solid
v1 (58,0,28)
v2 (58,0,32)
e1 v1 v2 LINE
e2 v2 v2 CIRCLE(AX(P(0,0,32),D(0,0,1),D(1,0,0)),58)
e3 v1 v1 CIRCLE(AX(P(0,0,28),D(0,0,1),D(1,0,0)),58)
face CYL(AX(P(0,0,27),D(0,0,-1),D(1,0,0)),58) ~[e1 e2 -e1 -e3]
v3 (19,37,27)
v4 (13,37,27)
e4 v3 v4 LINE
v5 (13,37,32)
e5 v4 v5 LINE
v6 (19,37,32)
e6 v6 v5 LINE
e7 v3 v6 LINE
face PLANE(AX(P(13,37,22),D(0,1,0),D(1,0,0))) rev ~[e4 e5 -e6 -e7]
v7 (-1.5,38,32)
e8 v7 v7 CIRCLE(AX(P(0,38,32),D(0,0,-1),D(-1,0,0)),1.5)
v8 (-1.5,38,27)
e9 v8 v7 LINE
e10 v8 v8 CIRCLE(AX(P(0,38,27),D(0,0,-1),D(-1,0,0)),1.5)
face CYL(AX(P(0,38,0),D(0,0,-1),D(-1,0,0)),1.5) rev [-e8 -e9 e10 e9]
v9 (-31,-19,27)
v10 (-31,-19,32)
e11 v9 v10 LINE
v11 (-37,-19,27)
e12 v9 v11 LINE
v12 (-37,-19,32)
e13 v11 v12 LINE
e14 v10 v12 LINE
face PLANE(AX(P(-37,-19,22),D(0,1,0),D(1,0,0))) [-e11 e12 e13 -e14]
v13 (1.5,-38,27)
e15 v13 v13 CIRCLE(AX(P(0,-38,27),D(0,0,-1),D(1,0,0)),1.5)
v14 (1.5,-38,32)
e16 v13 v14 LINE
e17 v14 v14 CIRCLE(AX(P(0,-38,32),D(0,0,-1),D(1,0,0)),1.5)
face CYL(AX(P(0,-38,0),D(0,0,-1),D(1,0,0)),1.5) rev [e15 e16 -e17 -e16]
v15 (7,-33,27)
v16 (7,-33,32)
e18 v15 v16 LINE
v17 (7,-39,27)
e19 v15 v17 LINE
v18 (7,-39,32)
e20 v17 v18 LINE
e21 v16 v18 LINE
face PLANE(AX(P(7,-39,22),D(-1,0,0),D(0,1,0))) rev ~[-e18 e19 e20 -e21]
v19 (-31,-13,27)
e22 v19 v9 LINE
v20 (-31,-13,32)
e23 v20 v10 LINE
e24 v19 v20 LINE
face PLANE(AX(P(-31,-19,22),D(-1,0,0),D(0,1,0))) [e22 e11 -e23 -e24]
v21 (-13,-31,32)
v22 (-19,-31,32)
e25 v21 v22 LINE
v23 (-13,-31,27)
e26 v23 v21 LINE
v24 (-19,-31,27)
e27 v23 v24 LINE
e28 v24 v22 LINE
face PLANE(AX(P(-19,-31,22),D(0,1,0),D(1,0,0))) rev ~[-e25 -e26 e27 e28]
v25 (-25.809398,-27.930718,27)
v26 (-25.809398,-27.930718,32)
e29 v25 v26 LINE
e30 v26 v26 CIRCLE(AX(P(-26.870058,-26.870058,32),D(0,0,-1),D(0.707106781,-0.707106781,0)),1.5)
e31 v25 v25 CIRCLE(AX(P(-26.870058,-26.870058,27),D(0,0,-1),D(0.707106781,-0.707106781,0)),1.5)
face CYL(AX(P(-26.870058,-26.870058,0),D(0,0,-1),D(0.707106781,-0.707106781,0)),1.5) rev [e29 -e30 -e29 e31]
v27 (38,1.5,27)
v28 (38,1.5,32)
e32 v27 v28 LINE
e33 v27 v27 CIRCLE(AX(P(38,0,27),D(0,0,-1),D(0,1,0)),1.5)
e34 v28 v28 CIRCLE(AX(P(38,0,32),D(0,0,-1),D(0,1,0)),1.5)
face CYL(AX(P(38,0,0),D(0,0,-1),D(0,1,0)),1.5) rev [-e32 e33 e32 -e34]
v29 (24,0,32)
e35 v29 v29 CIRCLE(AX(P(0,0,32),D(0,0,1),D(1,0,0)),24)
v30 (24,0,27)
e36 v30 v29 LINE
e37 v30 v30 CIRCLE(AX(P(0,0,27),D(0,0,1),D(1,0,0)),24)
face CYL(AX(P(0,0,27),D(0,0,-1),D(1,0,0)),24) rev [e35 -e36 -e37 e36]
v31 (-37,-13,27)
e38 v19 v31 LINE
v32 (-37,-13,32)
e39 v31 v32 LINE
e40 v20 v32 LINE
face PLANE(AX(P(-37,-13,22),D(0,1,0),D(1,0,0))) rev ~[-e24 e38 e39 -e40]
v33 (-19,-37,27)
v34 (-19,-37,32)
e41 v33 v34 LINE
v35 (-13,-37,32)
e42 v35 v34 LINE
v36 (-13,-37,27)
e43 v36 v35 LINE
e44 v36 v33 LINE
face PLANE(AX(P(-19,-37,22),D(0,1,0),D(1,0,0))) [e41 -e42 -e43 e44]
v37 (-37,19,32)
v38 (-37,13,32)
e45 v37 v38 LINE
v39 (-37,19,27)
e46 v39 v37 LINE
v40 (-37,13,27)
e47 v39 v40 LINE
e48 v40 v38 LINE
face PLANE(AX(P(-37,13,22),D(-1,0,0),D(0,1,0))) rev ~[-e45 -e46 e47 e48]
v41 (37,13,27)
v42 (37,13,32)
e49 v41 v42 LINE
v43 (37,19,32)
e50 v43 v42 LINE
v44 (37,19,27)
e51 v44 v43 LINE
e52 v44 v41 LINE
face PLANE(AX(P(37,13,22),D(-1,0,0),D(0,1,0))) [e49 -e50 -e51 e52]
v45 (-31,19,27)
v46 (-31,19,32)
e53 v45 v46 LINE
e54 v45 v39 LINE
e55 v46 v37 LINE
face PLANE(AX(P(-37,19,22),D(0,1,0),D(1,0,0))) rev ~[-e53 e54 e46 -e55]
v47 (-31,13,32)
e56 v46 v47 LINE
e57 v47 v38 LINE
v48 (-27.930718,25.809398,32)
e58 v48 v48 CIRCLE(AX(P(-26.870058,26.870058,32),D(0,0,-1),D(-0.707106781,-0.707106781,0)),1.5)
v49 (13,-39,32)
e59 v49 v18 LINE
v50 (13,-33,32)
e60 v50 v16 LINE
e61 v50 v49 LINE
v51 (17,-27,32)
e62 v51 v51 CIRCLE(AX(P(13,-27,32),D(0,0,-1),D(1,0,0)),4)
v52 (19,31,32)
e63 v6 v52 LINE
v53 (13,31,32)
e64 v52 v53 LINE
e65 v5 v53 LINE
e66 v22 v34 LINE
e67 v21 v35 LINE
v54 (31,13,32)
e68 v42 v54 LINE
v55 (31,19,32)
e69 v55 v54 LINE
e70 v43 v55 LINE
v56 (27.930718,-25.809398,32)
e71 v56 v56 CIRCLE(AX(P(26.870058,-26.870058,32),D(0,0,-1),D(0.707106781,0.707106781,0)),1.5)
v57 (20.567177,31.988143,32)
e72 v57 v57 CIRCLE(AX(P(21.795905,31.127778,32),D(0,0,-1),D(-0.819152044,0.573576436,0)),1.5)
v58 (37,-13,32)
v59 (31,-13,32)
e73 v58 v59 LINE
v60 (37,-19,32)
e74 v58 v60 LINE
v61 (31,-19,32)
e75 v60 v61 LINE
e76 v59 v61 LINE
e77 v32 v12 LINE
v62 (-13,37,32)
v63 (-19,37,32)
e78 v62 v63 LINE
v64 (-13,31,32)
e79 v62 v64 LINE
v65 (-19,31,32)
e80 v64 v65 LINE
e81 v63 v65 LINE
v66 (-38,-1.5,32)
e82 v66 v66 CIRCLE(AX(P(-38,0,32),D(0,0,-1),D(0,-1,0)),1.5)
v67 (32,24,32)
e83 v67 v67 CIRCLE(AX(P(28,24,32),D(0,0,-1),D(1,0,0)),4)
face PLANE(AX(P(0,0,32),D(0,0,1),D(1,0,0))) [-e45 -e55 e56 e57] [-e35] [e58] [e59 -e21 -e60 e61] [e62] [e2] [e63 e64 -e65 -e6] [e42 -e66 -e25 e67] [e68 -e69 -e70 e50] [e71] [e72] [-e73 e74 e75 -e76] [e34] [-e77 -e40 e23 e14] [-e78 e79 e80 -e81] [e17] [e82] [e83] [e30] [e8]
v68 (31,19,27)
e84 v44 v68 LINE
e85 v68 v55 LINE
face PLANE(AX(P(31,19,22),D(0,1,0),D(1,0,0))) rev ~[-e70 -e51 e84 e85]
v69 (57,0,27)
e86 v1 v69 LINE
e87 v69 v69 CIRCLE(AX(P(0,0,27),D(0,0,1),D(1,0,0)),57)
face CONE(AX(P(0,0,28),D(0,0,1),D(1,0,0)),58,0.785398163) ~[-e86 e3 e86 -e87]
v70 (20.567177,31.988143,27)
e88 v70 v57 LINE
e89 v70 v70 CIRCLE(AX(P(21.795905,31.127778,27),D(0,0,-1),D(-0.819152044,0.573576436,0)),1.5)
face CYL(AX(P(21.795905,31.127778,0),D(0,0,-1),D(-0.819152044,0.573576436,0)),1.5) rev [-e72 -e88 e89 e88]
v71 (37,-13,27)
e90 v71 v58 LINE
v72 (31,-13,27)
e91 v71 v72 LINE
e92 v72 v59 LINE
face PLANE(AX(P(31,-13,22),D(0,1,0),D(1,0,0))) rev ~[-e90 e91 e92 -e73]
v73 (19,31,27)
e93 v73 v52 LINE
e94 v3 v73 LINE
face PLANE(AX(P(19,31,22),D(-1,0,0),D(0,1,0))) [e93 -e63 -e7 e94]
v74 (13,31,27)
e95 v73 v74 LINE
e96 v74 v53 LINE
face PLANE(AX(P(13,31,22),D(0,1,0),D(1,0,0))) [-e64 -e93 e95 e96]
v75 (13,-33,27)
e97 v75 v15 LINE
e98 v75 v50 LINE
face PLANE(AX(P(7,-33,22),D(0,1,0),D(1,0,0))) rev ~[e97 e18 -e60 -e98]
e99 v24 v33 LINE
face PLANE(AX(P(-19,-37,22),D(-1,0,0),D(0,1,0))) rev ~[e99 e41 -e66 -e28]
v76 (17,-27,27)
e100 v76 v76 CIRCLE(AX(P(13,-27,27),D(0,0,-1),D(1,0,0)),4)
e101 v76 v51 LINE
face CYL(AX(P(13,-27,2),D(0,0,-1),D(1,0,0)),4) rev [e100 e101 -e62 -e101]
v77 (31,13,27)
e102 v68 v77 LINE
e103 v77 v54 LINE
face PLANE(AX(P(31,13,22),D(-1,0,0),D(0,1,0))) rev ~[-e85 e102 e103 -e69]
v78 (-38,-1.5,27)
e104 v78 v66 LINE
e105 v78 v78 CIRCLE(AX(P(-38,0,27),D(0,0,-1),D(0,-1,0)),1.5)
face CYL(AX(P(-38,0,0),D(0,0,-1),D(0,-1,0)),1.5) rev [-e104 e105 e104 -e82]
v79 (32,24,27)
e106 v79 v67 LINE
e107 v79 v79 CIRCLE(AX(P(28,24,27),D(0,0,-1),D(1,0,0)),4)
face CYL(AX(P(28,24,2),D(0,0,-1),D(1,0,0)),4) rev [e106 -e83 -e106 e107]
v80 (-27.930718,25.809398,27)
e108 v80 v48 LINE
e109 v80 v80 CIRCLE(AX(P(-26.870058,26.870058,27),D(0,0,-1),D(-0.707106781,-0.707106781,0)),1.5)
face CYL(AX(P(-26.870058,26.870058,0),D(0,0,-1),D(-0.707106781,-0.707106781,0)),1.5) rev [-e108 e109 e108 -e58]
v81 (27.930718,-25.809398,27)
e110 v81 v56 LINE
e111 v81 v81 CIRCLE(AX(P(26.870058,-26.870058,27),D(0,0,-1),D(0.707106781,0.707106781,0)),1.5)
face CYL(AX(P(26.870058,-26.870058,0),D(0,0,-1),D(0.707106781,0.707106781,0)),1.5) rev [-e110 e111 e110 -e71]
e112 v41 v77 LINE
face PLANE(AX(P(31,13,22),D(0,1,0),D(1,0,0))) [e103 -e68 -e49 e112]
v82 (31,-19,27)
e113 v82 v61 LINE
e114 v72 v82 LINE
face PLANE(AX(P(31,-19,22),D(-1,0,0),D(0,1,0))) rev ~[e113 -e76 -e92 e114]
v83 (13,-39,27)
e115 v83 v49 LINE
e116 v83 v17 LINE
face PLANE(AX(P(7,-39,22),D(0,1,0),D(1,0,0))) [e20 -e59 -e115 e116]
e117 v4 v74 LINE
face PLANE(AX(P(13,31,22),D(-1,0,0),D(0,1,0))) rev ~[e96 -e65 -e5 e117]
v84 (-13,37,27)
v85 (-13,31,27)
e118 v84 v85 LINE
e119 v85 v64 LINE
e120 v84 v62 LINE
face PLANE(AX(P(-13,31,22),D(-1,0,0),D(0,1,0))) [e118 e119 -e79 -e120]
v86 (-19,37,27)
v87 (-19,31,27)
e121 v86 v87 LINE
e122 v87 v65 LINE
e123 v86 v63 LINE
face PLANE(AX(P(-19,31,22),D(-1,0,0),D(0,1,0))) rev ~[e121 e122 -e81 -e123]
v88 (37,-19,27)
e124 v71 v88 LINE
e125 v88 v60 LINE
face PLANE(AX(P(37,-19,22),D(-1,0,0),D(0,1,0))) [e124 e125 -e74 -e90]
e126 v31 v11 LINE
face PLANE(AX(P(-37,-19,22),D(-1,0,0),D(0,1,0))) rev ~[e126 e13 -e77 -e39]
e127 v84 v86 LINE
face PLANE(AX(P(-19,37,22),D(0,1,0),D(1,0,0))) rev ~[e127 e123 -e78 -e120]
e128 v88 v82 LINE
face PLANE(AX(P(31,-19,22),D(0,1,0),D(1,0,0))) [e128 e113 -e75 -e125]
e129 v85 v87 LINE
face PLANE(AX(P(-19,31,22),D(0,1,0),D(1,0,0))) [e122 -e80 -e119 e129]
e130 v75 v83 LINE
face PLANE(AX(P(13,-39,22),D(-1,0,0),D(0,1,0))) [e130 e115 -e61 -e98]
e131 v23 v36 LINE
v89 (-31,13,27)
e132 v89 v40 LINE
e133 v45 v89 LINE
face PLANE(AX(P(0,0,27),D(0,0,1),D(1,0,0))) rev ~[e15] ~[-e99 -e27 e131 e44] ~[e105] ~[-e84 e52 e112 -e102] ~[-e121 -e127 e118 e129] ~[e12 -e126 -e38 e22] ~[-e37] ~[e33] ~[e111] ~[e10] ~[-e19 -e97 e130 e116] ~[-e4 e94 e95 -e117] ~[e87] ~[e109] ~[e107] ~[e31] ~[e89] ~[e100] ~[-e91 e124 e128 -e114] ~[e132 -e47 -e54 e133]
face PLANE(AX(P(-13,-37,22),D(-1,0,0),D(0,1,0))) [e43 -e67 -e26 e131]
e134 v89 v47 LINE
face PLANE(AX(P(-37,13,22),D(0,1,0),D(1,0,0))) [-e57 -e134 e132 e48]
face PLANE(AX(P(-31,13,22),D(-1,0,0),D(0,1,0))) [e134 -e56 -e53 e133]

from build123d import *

# Parameters (mm, degrees)
CYLINDER2136_R               = 1.5
CYLINDER2136_DEPTH           = 100
CYLINDER2139_R               = 1.5
CYLINDER2139_DEPTH           = 100
CYLINDER2139_PLACEMENT_ANGLE = 145
CYLINDER2137_R               = 1.5
CYLINDER2137_DEPTH           = 100
CYLINDER2140_R               = 1.5
CYLINDER2140_DEPTH           = 100
CYLINDER2140_PLACEMENT_ANGLE = 225
CYLINDER2141_R               = 1.5
CYLINDER2141_DEPTH           = 100
CYLINDER2142_R               = 1.5
CYLINDER2142_DEPTH           = 100
CYLINDER2142_PLACEMENT_ANGLE = 45
CYLINDER2135_R               = 1.5
CYLINDER2135_DEPTH           = 100
CYLINDER2138_R               = 1.5
CYLINDER2138_DEPTH           = 100
CYLINDER2138_PLACEMENT_ANGLE = 45
CYLINDER2113_R               = 4
CYLINDER2113_DEPTH           = 40
CYLINDER2115_R               = 4
CYLINDER2115_DEPTH           = 40
CYLINDER2118_R               = 4
CYLINDER2118_DEPTH           = 40
CYLINDER2117_R               = 4
CYLINDER2117_DEPTH           = 40
CYLINDER2112_R               = 4
CYLINDER2112_DEPTH           = 40
CYLINDER2111_R               = 4
CYLINDER2111_DEPTH           = 40
CYLINDER2116_R               = 4
CYLINDER2116_DEPTH           = 40
CYLINDER2114_R               = 4
CYLINDER2114_DEPTH           = 40
BOX1004_W                    = 6
BOX1004_H                    = 6
BOX1004_DEPTH                = 20
BOX1005_W                    = 6
BOX1005_H                    = 6
BOX1005_DEPTH                = 20
BOX1006_W                    = 6
BOX1006_H                    = 6
BOX1006_DEPTH                = 20
BOX1007_W                    = 6
BOX1007_H                    = 6
BOX1007_DEPTH                = 20
BOX1008_W                    = 6
BOX1008_H                    = 6
BOX1008_DEPTH                = 20
BOX1009_W                    = 6
BOX1009_H                    = 6
BOX1009_DEPTH                = 20
BOX1010_W                    = 6
BOX1010_H                    = 6
BOX1010_DEPTH                = 20
BOX_W                        = 6
BOX_H                        = 6
BOX_DEPTH                    = 20
TUBE088_R                    = 58
TUBE088_R_2                  = 24
TUBE088_DEPTH                = 5
CHAMFER083_SIZE              = 1


with BuildPart() as v_lec2136:
    # Cylinder2136 → Cylinder2136 (new body)
    with BuildSketch(Plane(origin=(38, 0, 0), x_dir=(0, 1, 0), z_dir=(0, 0, 1))):
        Circle(CYLINDER2136_R)
    extrude(amount=CYLINDER2136_DEPTH)


with BuildPart() as v_lec2139:
    # Cylinder2139 → Cylinder2139 (new body)
    with BuildSketch(Plane.XY):
        Circle(CYLINDER2139_R)
    extrude(amount=CYLINDER2139_DEPTH)


with BuildPart() as v_lec2139_1:
    # Cylinder2139 placement: moved
    add(v_lec2139.part.moved(Location((21.795905, 31.127778, 0))).rotate(Axis((21.795905, 31.127778, 0), (0, 0, 1)), CYLINDER2139_PLACEMENT_ANGLE))


with BuildPart() as v_lec2137:
    # Cylinder2137 → Cylinder2137 (new body)
    with BuildSketch(Plane(origin=(0, 38, 0), x_dir=(-1, 0, 0), z_dir=(0, 0, 1))):
        Circle(CYLINDER2137_R)
    extrude(amount=CYLINDER2137_DEPTH)


with BuildPart() as v_lec2140:
    # Cylinder2140 → Cylinder2140 (new body)
    with BuildSketch(Plane.XY):
        Circle(CYLINDER2140_R)
    extrude(amount=CYLINDER2140_DEPTH)


with BuildPart() as v_lec2140_1:
    # Cylinder2140 placement: moved
    add(v_lec2140.part.moved(Location((-26.870058, 26.870058, 0))).rotate(Axis((-26.870058, 26.870058, 0), (0, 0, 1)), CYLINDER2140_PLACEMENT_ANGLE))


with BuildPart() as v_lec2141:
    # Cylinder2141 → Cylinder2141 (new body)
    with BuildSketch(Plane(origin=(-38, 0, 0), x_dir=(0, -1, 0), z_dir=(0, 0, 1))):
        Circle(CYLINDER2141_R)
    extrude(amount=CYLINDER2141_DEPTH)


with BuildPart() as v_lec2142:
    # Cylinder2142 → Cylinder2142 (new body)
    with BuildSketch(Plane.XY):
        Circle(CYLINDER2142_R)
    extrude(amount=CYLINDER2142_DEPTH)


with BuildPart() as v_lec2142_1:
    # Cylinder2142 placement: moved
    add(v_lec2142.part.moved(Location((-26.870058, -26.870058, 0))).rotate(Axis((-26.870058, -26.870058, 0), (0, 0, -1)), CYLINDER2142_PLACEMENT_ANGLE))


with BuildPart() as v_lec2135:
    # Cylinder2135 → Cylinder2135 (new body)
    with BuildSketch(Plane(origin=(0, -38, 0), x_dir=(1, 0, 0), z_dir=(0, 0, 1))):
        Circle(CYLINDER2135_R)
    extrude(amount=CYLINDER2135_DEPTH)


with BuildPart() as compound1123:
    # Cylinder2138 → Cylinder2138 (new body)
    with BuildSketch(Plane.XY):
        Circle(CYLINDER2138_R)
    extrude(amount=CYLINDER2138_DEPTH)


with BuildPart() as compound1123_1:
    # Cylinder2138 placement: moved
    add(compound1123.part.moved(Location((26.870058, -26.870058, 0))).rotate(Axis((26.870058, -26.870058, 0), (0, 0, 1)), CYLINDER2138_PLACEMENT_ANGLE))

    # Compound1123: union Válec2136, Válec2139, Válec2137, Válec2140, Válec2141, Válec2142, Válec2135
    add(v_lec2136.part)
    add(v_lec2139_1.part)
    add(v_lec2137.part)
    add(v_lec2140_1.part)
    add(v_lec2141.part)
    add(v_lec2142_1.part)
    add(v_lec2135.part)


with BuildPart() as v_lec2113:
    # Cylinder2113 → Cylinder2113 (new body)
    with BuildSketch(Plane(origin=(103, 12, -20), x_dir=(1, 0, 0), z_dir=(0, 0, 1))):
        Circle(CYLINDER2113_R)
    extrude(amount=CYLINDER2113_DEPTH)


with BuildPart() as v_lec2115:
    # Cylinder2115 → Cylinder2115 (new body)
    with BuildSketch(Plane(origin=(76, 24, -18), x_dir=(1, 0, 0), z_dir=(0, 0, 1))):
        Circle(CYLINDER2115_R)
    extrude(amount=CYLINDER2115_DEPTH)


with BuildPart() as v_lec2118:
    # Cylinder2118 → Cylinder2118 (new body)
    with BuildSketch(Plane(origin=(91, -27, -18), x_dir=(1, 0, 0), z_dir=(0, 0, 1))):
        Circle(CYLINDER2118_R)
    extrude(amount=CYLINDER2118_DEPTH)


with BuildPart() as v_lec2117:
    # Cylinder2117 → Cylinder2117 (new body)
    with BuildSketch(Plane(origin=(13, -27, -18), x_dir=(1, 0, 0), z_dir=(0, 0, 1))):
        Circle(CYLINDER2117_R)
    extrude(amount=CYLINDER2117_DEPTH)


with BuildPart() as v_lec2112:
    # Cylinder2112 → Cylinder2112 (new body)
    with BuildSketch(Plane(origin=(28, 24, -18), x_dir=(1, 0, 0), z_dir=(0, 0, 1))):
        Circle(CYLINDER2112_R)
    extrude(amount=CYLINDER2112_DEPTH)


with BuildPart() as v_lec2111:
    # Cylinder2111 → Cylinder2111 (new body)
    with BuildSketch(Plane(origin=(1, -12, -18), x_dir=(1, 0, 0), z_dir=(0, 0, 1))):
        Circle(CYLINDER2111_R)
    extrude(amount=CYLINDER2111_DEPTH)


with BuildPart() as v_lec2116:
    # Cylinder2116 → Cylinder2116 (new body)
    with BuildSketch(Plane(origin=(1, 12, -18), x_dir=(1, 0, 0), z_dir=(0, 0, 1))):
        Circle(CYLINDER2116_R)
    extrude(amount=CYLINDER2116_DEPTH)


with BuildPart() as srouby_monoblok_silne004:
    # Cylinder2114 → Cylinder2114 (new body)
    with BuildSketch(Plane(origin=(103, -12, -20), x_dir=(1, 0, 0), z_dir=(0, 0, 1))):
        Circle(CYLINDER2114_R)
    extrude(amount=CYLINDER2114_DEPTH)

    # Compound1117: union Válec2113, Válec2115, Válec2118, Válec2117, Válec2112, Válec2111, Válec2116
    add(v_lec2113.part)
    add(v_lec2115.part)
    add(v_lec2118.part)
    add(v_lec2117.part)
    add(v_lec2112.part)
    add(v_lec2111.part)
    add(v_lec2116.part)


with BuildPart() as srouby_monoblok_silne004_1:
    # Compound1117 placement: moved
    add(srouby_monoblok_silne004.part.moved(Location((0, 0, 20))))


with BuildPart() as krychle1004:
    # Box1004 → Box1004 (new body)
    with BuildSketch(Plane(origin=(-19, 31, 0), x_dir=(1, 0, 0), z_dir=(0, 0, 1))):
        with Locations((3, 3)):
            Rectangle(BOX1004_W, BOX1004_H)
    extrude(amount=BOX1004_DEPTH)


with BuildPart() as krychle1005:
    # Box1005 → Box1005 (new body)
    with BuildSketch(Plane(origin=(-19, -37, 0), x_dir=(1, 0, 0), z_dir=(0, 0, 1))):
        with Locations((3, 3)):
            Rectangle(BOX1005_W, BOX1005_H)
    extrude(amount=BOX1005_DEPTH)


with BuildPart() as krychle1006:
    # Box1006 → Box1006 (new body)
    with BuildSketch(Plane(origin=(7, -39, 0), x_dir=(1, 0, 0), z_dir=(0, 0, 1))):
        with Locations((3, 3)):
            Rectangle(BOX1006_W, BOX1006_H)
    extrude(amount=BOX1006_DEPTH)


with BuildPart() as krychle1007:
    # Box1007 → Box1007 (new body)
    with BuildSketch(Plane(origin=(31, 13, 0), x_dir=(1, 0, 0), z_dir=(0, 0, 1))):
        with Locations((3, 3)):
            Rectangle(BOX1007_W, BOX1007_H)
    extrude(amount=BOX1007_DEPTH)


with BuildPart() as krychle1008:
    # Box1008 → Box1008 (new body)
    with BuildSketch(Plane(origin=(31, -19, 0), x_dir=(1, 0, 0), z_dir=(0, 0, 1))):
        with Locations((3, 3)):
            Rectangle(BOX1008_W, BOX1008_H)
    extrude(amount=BOX1008_DEPTH)


with BuildPart() as krychle1009:
    # Box1009 → Box1009 (new body)
    with BuildSketch(Plane(origin=(-37, 13, 0), x_dir=(1, 0, 0), z_dir=(0, 0, 1))):
        with Locations((3, 3)):
            Rectangle(BOX1009_W, BOX1009_H)
    extrude(amount=BOX1009_DEPTH)


with BuildPart() as krychle1010:
    # Box1010 → Box1010 (new body)
    with BuildSketch(Plane(origin=(-37, -19, 0), x_dir=(1, 0, 0), z_dir=(0, 0, 1))):
        with Locations((3, 3)):
            Rectangle(BOX1010_W, BOX1010_H)
    extrude(amount=BOX1010_DEPTH)


with BuildPart() as compound1116:
    # Box → Box (new body)
    with BuildSketch(Plane(origin=(13, 31, 0), x_dir=(1, 0, 0), z_dir=(0, 0, 1))):
        with Locations((3, 3)):
            Rectangle(BOX_W, BOX_H)
    extrude(amount=BOX_DEPTH)

    # Compound1116: union Krychle1004, Krychle1005, Krychle1006, Krychle1007, Krychle1008, Krychle1009, Krychle1010
    add(krychle1004.part)
    add(krychle1005.part)
    add(krychle1006.part)
    add(krychle1007.part)
    add(krychle1008.part)
    add(krychle1009.part)
    add(krychle1010.part)


with BuildPart() as compound1116_1:
    # Compound1116 placement: moved
    add(compound1116.part.moved(Location((0, 0, 22))))


with BuildPart() as chamfer083:
    # Tube088 → Tube088 (new body)
    with BuildSketch(Plane.XY.offset(27)):
        Circle(TUBE088_R)
        Circle(TUBE088_R_2, mode=Mode.SUBTRACT)
    extrude(amount=TUBE088_DEPTH)

    # Cut705: cut Compound1116
    add(compound1116_1.part, mode=Mode.SUBTRACT)

    # Cut708: cut srouby_monoblok_silne004
    add(srouby_monoblok_silne004_1.part, mode=Mode.SUBTRACT)

    # Cut711: cut Compound1123
    add(compound1123_1.part, mode=Mode.SUBTRACT)

    # Chamfer083
    chamfer083_edges = [chamfer083.edges().sort_by_distance(p)[0] for p in [
        (-58, 0, 27),
    ]]
    chamfer(chamfer083_edges, length=CHAMFER083_SIZE)


solid = chamfer083.part
